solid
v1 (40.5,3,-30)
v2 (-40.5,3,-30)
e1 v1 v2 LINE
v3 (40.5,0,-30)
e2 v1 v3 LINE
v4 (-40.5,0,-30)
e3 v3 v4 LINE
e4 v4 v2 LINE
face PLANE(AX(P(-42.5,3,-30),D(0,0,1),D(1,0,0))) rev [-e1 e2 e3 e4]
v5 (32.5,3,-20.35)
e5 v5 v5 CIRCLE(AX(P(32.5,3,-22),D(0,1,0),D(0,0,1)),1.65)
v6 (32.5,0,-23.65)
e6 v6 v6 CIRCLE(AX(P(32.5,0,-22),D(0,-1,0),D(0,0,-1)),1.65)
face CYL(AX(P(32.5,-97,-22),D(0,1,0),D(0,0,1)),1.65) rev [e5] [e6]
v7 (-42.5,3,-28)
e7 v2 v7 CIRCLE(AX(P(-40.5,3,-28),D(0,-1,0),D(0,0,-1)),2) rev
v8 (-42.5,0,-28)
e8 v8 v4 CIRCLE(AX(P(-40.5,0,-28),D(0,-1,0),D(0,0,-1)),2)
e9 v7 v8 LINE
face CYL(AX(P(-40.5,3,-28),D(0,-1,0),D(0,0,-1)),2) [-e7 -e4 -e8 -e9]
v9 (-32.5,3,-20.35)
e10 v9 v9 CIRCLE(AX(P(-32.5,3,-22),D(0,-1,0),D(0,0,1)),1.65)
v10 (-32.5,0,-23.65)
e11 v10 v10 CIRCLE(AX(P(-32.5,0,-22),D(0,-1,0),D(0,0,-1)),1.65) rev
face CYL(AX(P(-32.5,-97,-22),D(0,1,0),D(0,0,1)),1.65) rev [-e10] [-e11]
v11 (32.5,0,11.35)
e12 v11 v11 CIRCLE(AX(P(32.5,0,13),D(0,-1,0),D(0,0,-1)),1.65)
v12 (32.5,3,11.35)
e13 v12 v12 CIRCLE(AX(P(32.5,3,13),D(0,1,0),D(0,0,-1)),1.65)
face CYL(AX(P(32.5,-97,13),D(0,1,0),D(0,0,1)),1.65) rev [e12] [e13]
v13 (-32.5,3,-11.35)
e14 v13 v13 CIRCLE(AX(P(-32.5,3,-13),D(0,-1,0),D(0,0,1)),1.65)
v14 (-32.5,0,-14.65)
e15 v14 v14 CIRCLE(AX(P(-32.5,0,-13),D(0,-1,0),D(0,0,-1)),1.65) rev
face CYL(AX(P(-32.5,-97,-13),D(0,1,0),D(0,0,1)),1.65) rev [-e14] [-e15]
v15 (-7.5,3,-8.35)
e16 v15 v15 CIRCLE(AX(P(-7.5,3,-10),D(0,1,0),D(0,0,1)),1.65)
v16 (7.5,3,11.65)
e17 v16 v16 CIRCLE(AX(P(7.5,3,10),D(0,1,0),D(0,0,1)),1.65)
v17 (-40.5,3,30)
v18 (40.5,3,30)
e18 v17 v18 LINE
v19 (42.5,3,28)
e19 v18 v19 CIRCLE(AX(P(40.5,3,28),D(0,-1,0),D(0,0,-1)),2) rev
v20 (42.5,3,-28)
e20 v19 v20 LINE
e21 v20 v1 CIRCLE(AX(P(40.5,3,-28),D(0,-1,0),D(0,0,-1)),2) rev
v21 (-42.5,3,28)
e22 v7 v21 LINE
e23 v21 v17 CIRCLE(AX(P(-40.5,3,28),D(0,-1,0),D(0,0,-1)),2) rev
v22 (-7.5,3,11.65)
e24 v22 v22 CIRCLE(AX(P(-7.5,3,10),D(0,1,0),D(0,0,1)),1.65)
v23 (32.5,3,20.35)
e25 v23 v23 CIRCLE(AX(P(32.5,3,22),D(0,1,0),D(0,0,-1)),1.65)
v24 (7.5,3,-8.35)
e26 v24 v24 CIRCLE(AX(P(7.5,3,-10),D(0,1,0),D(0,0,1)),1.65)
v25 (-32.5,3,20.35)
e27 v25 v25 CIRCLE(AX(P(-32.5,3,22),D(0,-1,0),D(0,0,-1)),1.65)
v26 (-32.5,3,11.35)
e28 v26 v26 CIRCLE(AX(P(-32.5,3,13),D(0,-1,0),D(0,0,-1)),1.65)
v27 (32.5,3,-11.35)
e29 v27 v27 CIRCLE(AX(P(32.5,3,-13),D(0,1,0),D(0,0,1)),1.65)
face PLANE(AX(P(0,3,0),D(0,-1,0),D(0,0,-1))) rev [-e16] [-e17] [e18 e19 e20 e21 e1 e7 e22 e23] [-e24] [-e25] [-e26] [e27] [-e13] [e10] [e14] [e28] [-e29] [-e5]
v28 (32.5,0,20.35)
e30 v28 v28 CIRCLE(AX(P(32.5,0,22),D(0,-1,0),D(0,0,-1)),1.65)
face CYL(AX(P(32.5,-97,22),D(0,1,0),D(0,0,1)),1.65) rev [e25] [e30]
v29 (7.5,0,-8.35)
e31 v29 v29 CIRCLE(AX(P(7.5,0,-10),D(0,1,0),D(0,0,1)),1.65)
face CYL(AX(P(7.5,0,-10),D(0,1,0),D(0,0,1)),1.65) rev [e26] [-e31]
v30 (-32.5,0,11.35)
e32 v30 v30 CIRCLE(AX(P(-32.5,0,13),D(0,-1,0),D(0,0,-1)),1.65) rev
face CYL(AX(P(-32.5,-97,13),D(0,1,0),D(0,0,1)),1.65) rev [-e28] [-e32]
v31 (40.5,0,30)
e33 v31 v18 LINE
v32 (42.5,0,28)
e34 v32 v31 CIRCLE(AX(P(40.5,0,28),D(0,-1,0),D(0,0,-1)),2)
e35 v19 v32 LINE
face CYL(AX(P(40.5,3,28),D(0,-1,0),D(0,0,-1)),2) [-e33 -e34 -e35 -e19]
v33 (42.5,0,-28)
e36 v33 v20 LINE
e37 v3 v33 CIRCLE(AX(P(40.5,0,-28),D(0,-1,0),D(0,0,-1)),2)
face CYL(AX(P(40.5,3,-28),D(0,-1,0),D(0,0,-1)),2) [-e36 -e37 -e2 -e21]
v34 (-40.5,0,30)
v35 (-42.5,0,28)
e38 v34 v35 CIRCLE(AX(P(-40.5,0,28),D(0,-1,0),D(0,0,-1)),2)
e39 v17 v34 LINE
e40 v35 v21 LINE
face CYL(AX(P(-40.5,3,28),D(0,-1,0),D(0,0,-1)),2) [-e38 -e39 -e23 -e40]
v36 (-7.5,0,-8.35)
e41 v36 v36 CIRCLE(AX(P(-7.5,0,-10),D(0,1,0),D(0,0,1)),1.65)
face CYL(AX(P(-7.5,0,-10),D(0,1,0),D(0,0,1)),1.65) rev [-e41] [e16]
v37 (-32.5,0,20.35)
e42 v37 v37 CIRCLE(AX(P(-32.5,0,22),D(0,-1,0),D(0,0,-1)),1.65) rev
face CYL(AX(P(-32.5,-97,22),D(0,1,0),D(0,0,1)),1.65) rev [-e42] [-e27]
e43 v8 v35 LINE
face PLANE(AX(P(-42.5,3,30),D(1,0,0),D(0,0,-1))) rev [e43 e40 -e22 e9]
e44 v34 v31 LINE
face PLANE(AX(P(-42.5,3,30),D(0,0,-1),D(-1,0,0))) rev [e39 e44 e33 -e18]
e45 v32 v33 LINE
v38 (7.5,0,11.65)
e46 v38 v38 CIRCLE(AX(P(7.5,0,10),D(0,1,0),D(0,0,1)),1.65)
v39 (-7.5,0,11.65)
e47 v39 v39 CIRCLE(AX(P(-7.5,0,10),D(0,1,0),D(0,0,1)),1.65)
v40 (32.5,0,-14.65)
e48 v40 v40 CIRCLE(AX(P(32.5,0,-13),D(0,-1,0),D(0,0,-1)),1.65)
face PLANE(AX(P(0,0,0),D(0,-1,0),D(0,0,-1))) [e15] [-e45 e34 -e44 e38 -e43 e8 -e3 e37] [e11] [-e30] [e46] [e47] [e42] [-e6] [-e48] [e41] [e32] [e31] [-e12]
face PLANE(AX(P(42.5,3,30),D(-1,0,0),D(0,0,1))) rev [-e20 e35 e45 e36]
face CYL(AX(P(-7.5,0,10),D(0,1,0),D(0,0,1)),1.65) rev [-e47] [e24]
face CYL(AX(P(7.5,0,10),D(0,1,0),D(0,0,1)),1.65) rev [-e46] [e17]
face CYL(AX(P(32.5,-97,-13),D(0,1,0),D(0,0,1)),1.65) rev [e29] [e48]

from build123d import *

# Parameters (mm, degrees)
SKETCH_1_W          = 85
SKETCH_1_H          = 60
EXTRUDE_1_DEPTH     = 3
SKETCH_2_R          = 1.65
CUT_EXTRUDE_1_DEPTH = 3
SKETCH_3_R          = 1.65
CUT_EXTRUDE_2_DEPTH = 100
FILLET_1_R          = 2


with BuildPart() as part:
    # 草图1 → 凸台-拉伸1 (new body)
    with BuildSketch(Plane(origin=(0, 0, 0), x_dir=(1, 0, 0), z_dir=(0, 1, 0))):
        Rectangle(SKETCH_1_W, SKETCH_1_H)
    extrude(amount=EXTRUDE_1_DEPTH)

    # 草图2 → 切除-拉伸1 (cut)
    with BuildSketch(Plane(origin=(0, 3, 0), x_dir=(1, 0, 0), z_dir=(0, 1, 0))):
        with Locations(Location((7.5, 10, 0), (0, 0, 270))):
            Circle(SKETCH_2_R)
        with Locations(Location((-7.5, 10, 0), (0, 0, 270))):
            Circle(SKETCH_2_R)
        with Locations(Location((-7.5, -10, 0), (0, 0, 270))):
            Circle(SKETCH_2_R)
        with Locations(Location((7.5, -10, 0), (0, 0, 270))):
            Circle(SKETCH_2_R)
    extrude(amount=-CUT_EXTRUDE_1_DEPTH, mode=Mode.SUBTRACT)

    # 草图3 → 切除-拉伸2 (cut)
    with BuildSketch(Plane(origin=(0, 3, 0), x_dir=(1, 0, 0), z_dir=(0, 1, 0))):
        with Locations(Location((32.5, 13, 0), (0, 0, 270))):
            Circle(SKETCH_3_R)
        with Locations(Location((32.5, 22, 0), (0, 0, 270))):
            Circle(SKETCH_3_R)
        with Locations(Location((32.5, -13, 0), (0, 0, 90))):
            Circle(SKETCH_3_R)
        with Locations(Location((32.5, -22, 0), (0, 0, 90))):
            Circle(SKETCH_3_R)
    cut_extrude_2 = extrude(amount=-CUT_EXTRUDE_2_DEPTH, mode=Mode.SUBTRACT)

    # 镜向1: 切除-拉伸2 across plane
    add(cut_extrude_2.mirror(Plane(origin=(0, 0, 0), x_dir=(0, 0, 1), z_dir=(1, 0, 0))), mode=Mode.SUBTRACT)

    # 圆角1
    fillet_1_edges = [part.edges().sort_by_distance(p)[0] for p in [
        (42.5, 1.5, 30),
        (-42.5, 1.5, 30),
        (-42.5, 1.5, -30),
        (42.5, 1.5, -30),
    ]]
    fillet(fillet_1_edges, radius=FILLET_1_R)


solid = part.part
